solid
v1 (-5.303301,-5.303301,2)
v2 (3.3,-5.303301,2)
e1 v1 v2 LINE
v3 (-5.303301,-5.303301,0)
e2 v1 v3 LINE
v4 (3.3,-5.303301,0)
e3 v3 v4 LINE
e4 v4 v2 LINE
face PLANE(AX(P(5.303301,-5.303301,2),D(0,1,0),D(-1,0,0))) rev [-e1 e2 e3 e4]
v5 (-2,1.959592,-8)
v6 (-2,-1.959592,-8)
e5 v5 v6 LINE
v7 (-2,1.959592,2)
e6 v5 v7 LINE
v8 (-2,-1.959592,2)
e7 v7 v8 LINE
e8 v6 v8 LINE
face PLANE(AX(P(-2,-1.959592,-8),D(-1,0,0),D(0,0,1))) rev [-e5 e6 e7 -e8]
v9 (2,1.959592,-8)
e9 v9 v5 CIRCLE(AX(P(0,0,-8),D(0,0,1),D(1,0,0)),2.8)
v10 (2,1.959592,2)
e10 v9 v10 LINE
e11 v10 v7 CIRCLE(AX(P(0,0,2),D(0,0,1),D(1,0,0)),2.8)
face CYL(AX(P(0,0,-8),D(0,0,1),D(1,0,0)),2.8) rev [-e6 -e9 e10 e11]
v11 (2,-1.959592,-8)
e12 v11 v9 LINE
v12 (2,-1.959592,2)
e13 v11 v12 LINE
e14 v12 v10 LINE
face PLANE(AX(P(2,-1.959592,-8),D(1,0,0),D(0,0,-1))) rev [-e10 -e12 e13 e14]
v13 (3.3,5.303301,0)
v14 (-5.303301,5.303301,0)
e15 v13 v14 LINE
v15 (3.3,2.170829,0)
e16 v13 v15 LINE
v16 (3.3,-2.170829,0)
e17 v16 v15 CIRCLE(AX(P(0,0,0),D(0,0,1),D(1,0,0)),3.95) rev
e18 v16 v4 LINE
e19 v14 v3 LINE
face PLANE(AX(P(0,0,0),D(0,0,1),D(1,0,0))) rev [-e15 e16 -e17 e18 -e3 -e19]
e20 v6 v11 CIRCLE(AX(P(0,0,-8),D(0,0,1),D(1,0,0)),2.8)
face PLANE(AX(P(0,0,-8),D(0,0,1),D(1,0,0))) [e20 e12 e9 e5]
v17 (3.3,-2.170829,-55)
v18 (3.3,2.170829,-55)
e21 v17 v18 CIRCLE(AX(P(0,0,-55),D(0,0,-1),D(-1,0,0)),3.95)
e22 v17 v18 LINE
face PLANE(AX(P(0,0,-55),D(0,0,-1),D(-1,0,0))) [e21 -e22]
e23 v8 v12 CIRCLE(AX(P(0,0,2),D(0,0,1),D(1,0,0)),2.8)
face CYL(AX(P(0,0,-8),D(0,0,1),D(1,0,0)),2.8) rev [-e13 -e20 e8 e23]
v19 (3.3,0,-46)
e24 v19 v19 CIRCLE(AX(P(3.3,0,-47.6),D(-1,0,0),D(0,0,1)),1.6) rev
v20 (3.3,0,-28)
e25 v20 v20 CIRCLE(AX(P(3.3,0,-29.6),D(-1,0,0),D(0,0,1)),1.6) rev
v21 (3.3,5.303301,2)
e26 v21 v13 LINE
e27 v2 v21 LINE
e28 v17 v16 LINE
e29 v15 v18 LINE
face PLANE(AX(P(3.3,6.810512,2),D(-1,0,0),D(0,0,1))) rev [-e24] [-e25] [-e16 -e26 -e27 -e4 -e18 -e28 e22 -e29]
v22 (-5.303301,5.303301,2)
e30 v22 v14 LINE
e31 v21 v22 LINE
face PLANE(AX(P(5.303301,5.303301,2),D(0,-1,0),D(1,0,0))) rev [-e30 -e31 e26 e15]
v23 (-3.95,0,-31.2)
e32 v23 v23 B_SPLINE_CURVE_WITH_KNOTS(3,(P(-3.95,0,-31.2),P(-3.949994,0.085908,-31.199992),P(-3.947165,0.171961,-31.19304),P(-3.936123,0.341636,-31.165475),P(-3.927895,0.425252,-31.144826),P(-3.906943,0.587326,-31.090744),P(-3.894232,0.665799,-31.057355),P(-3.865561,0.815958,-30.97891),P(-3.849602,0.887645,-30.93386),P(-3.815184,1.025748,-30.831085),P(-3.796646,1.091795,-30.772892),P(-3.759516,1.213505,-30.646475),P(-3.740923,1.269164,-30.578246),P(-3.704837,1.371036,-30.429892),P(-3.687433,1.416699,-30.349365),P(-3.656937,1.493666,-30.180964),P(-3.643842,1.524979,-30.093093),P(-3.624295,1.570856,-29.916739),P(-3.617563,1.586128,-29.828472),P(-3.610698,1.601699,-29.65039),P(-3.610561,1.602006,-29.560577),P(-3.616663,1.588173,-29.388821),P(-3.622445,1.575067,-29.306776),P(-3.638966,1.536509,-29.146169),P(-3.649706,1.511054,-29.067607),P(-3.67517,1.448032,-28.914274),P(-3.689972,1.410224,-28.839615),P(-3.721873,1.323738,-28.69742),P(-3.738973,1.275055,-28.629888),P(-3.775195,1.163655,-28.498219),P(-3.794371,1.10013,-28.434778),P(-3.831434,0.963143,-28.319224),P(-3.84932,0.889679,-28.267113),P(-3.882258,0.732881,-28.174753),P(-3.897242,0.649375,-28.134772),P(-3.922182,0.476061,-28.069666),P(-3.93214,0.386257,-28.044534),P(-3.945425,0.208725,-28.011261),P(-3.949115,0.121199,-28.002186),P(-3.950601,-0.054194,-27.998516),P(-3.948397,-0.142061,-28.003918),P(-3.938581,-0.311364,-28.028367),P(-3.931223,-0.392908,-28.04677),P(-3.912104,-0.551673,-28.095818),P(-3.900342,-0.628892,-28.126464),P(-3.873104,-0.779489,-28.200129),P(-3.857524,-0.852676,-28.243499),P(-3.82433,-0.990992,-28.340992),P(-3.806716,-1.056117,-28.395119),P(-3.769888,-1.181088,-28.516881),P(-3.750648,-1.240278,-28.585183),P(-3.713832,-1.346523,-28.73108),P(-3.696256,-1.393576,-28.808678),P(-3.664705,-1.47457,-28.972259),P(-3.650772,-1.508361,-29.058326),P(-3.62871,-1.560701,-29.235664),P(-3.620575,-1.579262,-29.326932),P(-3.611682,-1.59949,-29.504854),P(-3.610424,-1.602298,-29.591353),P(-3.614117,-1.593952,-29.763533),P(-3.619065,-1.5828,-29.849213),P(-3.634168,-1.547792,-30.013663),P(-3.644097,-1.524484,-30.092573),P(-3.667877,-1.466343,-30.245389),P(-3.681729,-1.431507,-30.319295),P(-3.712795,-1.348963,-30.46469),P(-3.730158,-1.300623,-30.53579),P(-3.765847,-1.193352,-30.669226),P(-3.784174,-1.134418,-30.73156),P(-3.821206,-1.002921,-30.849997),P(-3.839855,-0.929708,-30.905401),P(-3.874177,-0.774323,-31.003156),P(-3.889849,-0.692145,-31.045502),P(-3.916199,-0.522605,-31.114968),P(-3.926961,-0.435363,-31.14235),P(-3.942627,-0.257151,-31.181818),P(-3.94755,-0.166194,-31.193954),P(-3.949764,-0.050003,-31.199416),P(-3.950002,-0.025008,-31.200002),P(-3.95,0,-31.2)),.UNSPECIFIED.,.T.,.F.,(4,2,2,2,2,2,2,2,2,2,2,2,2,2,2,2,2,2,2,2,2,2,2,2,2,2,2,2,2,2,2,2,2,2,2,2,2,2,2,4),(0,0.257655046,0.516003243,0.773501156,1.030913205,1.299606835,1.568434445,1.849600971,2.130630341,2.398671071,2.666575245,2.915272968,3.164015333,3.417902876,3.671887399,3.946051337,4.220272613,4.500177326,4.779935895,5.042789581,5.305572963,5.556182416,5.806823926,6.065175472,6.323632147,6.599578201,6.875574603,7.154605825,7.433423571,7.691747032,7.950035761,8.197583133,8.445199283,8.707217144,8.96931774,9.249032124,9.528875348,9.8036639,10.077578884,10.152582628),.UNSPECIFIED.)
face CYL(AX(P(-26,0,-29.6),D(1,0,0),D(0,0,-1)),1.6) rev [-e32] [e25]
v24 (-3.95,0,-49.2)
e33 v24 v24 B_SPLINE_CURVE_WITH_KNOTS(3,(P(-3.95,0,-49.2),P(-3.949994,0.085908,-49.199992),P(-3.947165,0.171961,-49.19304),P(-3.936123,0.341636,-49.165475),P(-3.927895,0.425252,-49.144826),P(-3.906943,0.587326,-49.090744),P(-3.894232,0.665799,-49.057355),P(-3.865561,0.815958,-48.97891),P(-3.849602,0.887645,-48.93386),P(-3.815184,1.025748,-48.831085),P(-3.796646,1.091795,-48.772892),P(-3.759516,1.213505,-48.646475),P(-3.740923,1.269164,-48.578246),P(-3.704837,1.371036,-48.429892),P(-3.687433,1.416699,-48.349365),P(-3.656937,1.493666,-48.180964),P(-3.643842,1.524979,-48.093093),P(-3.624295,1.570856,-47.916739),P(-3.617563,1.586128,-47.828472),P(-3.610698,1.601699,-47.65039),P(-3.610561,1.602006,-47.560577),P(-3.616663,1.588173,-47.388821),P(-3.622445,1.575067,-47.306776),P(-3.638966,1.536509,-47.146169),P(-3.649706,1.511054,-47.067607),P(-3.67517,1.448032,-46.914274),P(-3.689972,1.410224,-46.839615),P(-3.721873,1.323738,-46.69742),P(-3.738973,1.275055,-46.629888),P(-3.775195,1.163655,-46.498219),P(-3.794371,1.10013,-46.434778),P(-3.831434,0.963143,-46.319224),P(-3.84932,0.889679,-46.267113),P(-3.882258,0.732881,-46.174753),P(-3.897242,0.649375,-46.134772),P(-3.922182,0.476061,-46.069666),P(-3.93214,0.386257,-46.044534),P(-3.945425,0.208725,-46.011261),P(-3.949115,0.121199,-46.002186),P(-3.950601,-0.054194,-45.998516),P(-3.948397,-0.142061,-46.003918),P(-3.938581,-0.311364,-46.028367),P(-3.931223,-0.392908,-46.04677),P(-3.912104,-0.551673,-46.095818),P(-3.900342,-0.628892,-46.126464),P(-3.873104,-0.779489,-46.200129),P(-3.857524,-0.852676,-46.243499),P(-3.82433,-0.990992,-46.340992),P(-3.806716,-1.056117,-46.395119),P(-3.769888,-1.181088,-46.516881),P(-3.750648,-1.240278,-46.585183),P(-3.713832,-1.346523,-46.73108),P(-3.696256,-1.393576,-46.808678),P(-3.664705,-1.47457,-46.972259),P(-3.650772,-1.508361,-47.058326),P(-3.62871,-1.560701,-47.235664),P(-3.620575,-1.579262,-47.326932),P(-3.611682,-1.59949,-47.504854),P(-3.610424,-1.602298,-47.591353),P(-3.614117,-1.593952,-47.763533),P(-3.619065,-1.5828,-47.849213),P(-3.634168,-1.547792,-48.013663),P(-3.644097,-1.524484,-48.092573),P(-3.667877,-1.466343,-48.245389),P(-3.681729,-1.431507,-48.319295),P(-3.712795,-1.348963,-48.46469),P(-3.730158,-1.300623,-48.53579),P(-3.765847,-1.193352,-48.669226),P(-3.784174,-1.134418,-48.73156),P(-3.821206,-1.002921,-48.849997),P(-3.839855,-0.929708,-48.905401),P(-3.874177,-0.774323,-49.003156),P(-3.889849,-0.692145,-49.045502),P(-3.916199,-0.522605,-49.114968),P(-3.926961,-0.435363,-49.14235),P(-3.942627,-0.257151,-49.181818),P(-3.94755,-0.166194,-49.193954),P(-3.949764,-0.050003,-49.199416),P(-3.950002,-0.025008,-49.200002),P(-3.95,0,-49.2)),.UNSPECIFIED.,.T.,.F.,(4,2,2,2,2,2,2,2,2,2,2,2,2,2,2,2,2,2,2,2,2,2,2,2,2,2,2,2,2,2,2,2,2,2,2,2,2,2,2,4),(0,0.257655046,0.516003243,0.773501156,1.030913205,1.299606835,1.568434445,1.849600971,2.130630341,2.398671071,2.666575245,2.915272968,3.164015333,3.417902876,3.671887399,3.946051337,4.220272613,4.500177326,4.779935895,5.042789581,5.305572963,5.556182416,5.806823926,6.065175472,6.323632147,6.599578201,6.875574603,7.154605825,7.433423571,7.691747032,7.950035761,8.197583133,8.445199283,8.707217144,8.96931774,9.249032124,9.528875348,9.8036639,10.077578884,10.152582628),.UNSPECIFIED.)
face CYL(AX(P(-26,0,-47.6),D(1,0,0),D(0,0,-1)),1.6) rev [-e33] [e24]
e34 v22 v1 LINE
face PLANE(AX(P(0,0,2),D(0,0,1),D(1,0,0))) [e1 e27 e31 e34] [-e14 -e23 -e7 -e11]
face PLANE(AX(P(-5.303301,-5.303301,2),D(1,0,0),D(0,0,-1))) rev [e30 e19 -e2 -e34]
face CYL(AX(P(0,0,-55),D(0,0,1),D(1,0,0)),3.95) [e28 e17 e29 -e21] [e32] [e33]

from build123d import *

# Parameters (mm, degrees)
IZIM1_W                     = 10.606601718
IZIM1_H                     = 10.606601718
Y_KSEKLIK_EKSTR_ZYON1_DEPTH = 2
IZIM2_R                     = 3.95
Y_KSEKLIK_EKSTR_ZYON2_DEPTH = 55
KES_EKSTR_ZYON1_DEPTH       = 10
IZIM5_R                     = 1.6
KES_EKSTR_ZYON3_DEPTH       = 26
IZIM8_W                     = 5
IZIM8_H                     = 13.621024602
KES_EKSTR_ZYON4_DEPTH       = 58.49130369


with BuildPart() as part:
    # Çizim1 → Yükseklik-Ekstrüzyon1 (new body)
    with BuildSketch(Plane.XY):
        Rectangle(IZIM1_W, IZIM1_H)
    extrude(amount=Y_KSEKLIK_EKSTR_ZYON1_DEPTH)

    # Çizim2 → Yükseklik-Ekstrüzyon2 (add)
    with BuildSketch(Plane(origin=(0, 0, 0), x_dir=(-1, 0, 0), z_dir=(0, 0, -1))):
        with Locations(Location((0, 0, 0), (0, 0, 180))):
            Circle(IZIM2_R)
    extrude(amount=Y_KSEKLIK_EKSTR_ZYON2_DEPTH)

    # Çizim3 → Kes-Ekstrüzyon1 (cut)
    with BuildSketch(Plane.XY.offset(2)):
        with BuildLine():
            Line((-2, -1.959591794), (-2, 1.959591794))
            ThreePointArc((-2, 1.959591794), (0, 2.8), (2, 1.959591794))
            Line((2, 1.959591794), (2, -1.959591794))
            ThreePointArc((2, -1.959591794), (0, -2.8), (-2, -1.959591794))
        make_face()
    extrude(amount=-KES_EKSTR_ZYON1_DEPTH, mode=Mode.SUBTRACT)

    # Çizim5 → Kes-Ekstrüzyon3 (cut, symmetric)
    with BuildSketch(Plane(origin=(0, 0, 0), x_dir=(0, 0, -1), z_dir=(1, 0, 0))):
        with Locations((29.6, 0)):
            Circle(IZIM5_R)
        with Locations((47.6, 0)):
            Circle(IZIM5_R)
    extrude(amount=KES_EKSTR_ZYON3_DEPTH, both=True, mode=Mode.SUBTRACT)

    # Çizim8 → Kes-Ekstrüzyon4 (cut, through all)
    with BuildSketch(Plane(origin=(0, 0, -55), x_dir=(-1, 0, 0), z_dir=(0, 0, -1))):
        with Locations((-5.8, 0)):
            Rectangle(IZIM8_W, IZIM8_H)
    extrude(amount=-KES_EKSTR_ZYON4_DEPTH, mode=Mode.SUBTRACT)


solid = part.part
